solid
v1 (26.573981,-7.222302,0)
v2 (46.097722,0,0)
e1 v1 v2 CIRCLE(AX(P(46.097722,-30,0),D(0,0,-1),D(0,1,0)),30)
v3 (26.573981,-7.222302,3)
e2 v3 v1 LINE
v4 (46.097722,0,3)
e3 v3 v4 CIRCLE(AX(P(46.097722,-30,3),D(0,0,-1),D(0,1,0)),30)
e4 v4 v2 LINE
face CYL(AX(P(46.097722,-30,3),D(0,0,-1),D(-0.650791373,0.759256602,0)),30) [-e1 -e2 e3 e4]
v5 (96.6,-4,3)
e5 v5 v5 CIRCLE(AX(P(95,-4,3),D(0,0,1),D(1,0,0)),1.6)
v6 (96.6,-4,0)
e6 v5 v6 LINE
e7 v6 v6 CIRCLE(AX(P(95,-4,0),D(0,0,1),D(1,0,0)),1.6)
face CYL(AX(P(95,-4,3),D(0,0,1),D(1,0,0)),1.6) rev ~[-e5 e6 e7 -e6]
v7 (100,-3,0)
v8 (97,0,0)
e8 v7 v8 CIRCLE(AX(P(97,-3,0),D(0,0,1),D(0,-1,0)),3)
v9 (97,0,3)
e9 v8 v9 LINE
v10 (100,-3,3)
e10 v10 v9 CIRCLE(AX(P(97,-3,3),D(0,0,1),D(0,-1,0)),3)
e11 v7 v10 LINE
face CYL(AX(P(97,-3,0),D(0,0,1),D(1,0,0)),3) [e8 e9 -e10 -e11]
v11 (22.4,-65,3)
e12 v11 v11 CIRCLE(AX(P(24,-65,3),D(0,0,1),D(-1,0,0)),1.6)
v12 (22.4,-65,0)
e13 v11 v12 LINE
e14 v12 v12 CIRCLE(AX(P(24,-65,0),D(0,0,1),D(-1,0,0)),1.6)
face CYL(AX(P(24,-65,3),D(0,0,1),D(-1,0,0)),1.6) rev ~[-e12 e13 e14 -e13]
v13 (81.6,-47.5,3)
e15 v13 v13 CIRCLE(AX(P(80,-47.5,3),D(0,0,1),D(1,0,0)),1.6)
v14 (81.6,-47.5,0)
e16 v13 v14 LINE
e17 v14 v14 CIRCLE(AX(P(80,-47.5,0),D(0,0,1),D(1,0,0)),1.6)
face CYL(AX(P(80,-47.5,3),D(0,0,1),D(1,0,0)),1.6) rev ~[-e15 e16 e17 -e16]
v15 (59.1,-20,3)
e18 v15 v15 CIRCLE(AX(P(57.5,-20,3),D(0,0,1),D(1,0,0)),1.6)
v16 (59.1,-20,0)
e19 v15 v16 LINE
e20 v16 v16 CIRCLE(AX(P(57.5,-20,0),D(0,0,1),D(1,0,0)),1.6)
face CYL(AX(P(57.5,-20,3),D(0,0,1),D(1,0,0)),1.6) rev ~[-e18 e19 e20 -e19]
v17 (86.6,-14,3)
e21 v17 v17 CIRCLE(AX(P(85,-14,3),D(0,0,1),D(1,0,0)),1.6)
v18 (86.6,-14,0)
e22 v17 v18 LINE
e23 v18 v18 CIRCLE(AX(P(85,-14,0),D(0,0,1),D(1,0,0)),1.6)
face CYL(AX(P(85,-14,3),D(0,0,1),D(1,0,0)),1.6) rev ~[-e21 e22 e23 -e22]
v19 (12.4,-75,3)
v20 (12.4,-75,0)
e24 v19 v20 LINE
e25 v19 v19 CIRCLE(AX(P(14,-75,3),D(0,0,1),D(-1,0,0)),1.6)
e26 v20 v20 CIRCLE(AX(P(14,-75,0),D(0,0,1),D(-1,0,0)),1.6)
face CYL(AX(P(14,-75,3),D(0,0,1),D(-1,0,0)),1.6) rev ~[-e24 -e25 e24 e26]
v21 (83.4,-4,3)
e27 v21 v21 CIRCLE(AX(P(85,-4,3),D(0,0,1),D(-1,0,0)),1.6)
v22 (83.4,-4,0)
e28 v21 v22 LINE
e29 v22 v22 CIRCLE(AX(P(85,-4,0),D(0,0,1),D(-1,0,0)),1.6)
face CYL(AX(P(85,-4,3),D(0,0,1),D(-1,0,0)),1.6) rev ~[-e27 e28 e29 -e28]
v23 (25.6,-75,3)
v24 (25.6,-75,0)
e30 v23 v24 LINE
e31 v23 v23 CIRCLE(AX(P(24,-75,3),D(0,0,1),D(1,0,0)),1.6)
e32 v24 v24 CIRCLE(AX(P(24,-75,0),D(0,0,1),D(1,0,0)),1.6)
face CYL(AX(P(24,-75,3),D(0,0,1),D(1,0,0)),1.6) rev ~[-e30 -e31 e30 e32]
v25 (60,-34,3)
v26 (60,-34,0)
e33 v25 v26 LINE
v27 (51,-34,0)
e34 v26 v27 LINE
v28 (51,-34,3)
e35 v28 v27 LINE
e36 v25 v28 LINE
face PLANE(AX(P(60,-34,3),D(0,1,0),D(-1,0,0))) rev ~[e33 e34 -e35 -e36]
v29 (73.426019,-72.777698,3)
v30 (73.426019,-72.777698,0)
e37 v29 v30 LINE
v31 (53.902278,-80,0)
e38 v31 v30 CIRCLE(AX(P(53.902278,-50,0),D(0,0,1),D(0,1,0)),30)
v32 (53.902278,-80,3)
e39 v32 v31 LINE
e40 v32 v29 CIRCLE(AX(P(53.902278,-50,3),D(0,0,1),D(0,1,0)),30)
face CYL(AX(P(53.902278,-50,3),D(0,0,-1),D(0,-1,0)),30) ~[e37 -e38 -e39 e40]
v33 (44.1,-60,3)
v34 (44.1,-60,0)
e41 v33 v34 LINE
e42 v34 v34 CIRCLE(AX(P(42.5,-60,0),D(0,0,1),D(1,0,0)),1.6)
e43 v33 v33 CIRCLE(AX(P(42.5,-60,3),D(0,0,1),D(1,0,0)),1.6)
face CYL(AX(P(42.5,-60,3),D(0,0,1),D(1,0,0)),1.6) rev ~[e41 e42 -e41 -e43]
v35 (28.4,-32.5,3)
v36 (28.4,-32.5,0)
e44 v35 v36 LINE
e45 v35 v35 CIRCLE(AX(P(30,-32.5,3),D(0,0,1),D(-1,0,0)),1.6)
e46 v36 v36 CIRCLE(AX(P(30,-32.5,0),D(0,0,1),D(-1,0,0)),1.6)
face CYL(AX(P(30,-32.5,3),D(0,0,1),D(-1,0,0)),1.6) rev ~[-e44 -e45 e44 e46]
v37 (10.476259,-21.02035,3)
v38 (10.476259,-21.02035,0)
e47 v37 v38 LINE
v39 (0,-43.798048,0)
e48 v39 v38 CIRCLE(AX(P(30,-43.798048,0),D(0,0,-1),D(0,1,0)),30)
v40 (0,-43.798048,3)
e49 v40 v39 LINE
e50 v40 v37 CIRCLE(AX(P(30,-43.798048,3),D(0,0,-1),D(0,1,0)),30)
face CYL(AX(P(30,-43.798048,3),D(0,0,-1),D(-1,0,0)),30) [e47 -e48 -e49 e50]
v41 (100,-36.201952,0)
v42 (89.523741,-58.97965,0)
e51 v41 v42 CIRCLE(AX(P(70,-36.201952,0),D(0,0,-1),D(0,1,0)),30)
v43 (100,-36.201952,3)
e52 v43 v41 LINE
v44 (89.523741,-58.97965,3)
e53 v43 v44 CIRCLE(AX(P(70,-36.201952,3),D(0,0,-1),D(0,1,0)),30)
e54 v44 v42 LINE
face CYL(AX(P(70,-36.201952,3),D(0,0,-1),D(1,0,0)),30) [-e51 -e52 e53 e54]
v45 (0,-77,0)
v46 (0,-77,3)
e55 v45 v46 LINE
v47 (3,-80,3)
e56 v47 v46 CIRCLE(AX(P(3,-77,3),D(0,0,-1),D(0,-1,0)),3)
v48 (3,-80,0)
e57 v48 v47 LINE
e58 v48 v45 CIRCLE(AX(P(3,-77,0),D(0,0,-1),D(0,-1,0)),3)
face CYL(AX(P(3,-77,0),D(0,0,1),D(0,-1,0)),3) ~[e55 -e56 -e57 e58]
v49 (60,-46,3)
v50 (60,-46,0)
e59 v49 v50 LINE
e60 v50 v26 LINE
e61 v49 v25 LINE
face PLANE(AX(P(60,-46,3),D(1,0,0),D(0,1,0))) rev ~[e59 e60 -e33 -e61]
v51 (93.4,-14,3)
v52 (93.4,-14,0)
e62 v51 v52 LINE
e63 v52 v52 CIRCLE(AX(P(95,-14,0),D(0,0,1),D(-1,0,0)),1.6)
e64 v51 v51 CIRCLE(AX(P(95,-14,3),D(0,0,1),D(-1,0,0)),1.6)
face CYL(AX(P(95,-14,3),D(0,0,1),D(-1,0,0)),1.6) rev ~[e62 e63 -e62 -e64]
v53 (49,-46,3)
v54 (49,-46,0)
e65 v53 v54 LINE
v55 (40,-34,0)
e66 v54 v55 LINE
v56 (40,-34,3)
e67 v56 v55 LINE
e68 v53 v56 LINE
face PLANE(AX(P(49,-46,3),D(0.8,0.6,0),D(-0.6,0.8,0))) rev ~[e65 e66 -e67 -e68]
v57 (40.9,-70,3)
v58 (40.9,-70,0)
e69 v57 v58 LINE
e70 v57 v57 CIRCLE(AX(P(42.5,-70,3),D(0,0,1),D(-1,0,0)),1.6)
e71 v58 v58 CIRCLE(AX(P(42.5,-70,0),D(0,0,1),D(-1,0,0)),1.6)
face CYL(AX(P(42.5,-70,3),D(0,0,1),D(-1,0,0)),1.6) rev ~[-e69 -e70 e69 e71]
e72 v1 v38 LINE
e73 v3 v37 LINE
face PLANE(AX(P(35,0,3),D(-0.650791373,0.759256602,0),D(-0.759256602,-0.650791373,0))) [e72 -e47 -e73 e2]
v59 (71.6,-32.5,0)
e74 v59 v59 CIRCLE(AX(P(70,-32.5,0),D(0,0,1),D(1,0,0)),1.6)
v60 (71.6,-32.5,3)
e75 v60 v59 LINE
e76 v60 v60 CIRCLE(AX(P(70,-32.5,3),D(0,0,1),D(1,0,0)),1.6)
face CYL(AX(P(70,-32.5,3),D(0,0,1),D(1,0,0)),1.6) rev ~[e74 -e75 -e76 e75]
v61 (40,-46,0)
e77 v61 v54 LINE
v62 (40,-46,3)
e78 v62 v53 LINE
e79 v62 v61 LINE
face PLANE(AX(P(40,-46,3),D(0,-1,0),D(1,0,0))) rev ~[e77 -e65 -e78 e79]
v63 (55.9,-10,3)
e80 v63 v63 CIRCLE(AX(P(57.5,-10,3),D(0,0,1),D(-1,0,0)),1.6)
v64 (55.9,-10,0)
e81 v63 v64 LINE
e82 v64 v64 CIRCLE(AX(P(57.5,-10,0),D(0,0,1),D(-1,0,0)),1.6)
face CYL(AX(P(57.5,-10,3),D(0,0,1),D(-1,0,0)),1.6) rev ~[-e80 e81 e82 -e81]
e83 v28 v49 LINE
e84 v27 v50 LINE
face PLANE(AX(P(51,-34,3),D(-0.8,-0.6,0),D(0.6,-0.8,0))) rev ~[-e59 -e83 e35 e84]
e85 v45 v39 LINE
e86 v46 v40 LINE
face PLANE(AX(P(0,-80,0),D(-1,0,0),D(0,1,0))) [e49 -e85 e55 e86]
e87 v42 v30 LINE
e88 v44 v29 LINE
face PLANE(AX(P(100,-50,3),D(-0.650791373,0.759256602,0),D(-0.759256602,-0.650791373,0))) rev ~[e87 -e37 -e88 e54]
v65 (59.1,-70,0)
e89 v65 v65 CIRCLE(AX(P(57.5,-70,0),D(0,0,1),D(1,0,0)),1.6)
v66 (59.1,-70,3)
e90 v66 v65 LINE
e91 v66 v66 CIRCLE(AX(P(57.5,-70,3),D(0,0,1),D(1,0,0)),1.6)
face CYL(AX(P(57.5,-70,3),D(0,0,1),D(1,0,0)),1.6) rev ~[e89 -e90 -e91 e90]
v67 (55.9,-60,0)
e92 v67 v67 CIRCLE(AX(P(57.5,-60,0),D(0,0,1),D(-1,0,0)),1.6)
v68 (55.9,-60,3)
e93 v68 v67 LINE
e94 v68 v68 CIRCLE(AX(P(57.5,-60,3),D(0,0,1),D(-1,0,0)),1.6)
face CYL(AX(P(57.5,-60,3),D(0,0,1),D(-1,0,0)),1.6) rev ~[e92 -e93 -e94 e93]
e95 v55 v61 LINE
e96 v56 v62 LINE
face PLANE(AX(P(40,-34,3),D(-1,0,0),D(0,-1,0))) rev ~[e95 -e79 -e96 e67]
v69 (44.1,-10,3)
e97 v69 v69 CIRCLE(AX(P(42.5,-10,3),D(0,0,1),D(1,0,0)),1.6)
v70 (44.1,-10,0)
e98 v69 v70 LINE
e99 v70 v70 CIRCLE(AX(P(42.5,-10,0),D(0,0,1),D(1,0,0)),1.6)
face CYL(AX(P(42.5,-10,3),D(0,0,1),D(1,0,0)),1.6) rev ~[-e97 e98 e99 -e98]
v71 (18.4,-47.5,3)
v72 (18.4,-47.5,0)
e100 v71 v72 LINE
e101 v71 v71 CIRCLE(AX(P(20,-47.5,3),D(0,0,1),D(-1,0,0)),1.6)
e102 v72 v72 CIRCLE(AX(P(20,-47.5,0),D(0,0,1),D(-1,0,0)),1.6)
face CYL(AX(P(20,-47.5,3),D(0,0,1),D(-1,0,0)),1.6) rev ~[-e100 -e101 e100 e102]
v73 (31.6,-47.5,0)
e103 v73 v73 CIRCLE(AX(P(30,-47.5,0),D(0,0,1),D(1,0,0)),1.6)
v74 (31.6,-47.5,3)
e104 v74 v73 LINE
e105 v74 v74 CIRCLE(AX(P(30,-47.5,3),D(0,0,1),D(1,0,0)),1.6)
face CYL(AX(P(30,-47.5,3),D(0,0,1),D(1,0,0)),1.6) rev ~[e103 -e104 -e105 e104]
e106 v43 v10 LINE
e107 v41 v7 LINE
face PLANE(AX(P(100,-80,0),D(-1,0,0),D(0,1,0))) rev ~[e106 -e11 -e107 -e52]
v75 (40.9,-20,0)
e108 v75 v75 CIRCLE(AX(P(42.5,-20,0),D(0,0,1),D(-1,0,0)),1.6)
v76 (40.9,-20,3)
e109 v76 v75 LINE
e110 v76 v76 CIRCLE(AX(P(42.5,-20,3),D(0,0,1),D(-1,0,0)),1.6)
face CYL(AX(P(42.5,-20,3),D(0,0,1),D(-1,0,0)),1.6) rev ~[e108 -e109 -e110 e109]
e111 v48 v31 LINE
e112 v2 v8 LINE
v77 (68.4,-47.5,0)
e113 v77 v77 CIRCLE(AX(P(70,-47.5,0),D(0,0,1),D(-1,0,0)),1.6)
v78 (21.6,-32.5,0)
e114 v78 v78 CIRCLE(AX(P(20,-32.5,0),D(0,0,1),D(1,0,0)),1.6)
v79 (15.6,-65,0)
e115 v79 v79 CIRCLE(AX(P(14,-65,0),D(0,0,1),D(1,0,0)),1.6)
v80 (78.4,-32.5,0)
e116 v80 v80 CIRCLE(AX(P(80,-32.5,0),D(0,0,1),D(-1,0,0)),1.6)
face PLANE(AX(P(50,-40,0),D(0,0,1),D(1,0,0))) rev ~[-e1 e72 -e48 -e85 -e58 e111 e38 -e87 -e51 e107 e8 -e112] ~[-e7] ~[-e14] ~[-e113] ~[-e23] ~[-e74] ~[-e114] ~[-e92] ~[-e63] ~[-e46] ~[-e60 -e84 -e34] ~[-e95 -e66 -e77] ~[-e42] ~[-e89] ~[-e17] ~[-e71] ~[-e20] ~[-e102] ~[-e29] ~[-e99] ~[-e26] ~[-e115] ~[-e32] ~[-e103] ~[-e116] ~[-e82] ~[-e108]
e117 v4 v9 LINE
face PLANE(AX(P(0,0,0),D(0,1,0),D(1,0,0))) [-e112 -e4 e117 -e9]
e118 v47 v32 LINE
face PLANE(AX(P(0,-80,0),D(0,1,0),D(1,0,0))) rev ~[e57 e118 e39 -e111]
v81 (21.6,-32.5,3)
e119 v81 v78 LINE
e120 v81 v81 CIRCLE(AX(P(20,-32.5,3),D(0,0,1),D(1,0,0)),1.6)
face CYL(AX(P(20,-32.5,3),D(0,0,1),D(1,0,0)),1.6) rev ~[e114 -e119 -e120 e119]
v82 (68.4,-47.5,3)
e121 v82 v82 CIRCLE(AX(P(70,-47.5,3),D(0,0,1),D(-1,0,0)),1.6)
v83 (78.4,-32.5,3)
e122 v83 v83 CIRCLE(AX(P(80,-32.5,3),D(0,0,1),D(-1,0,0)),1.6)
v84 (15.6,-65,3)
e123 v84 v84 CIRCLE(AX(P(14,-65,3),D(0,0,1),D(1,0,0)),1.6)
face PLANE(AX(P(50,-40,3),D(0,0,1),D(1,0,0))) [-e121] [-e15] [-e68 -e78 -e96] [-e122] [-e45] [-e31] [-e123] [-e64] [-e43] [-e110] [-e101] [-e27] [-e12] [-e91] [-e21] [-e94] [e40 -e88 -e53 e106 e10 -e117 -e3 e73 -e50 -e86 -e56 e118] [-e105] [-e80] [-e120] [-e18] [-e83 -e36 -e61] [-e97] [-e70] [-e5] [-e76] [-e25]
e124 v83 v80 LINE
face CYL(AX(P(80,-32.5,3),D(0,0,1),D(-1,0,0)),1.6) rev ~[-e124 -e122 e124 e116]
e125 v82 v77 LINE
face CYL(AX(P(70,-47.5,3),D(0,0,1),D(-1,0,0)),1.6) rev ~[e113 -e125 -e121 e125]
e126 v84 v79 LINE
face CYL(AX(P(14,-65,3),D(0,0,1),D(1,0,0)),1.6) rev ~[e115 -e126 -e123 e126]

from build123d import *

# Parameters (mm, degrees)
SKETCH_1_W          = 100
SKETCH_1_H          = 80
EXTRUDE_1_DEPTH     = 3
SKETCH_2_R          = 1.6
CUT_EXTRUDE_1_DEPTH = 129.097619025
FILLET_1_R          = 30
FILLET_2_R          = 30
FILLET_3_R          = 3


with BuildPart() as part:
    # 草图1 → 凸台-拉伸1 (new body)
    with BuildSketch(Plane.XY):
        with Locations((50, -40)):
            Rectangle(SKETCH_1_W, SKETCH_1_H)
    extrude(amount=EXTRUDE_1_DEPTH)

    # 草图2 → 切除-拉伸1 (cut, through all)
    with BuildSketch(Plane.XY.offset(3)):
        with Locations((42.5, -10)):
            Circle(SKETCH_2_R)
        with Locations(Location((57.5, -10, 0), (0, 0, 180))):
            Circle(SKETCH_2_R)
        with Locations((57.5, -20)):
            Circle(SKETCH_2_R)
        with Locations(Location((42.5, -20, 0), (0, 0, 180))):
            Circle(SKETCH_2_R)
        with Locations((42.5, -60)):
            Circle(SKETCH_2_R)
        with Locations(Location((57.5, -60, 0), (0, 0, 180))):
            Circle(SKETCH_2_R)
        with Locations((57.5, -70)):
            Circle(SKETCH_2_R)
        with Locations(Location((42.5, -70, 0), (0, 0, 180))):
            Circle(SKETCH_2_R)
        with Locations((20, -32.5)):
            Circle(SKETCH_2_R)
        with Locations(Location((30, -32.5, 0), (0, 0, 180))):
            Circle(SKETCH_2_R)
        with Locations((30, -47.5)):
            Circle(SKETCH_2_R)
        with Locations(Location((20, -47.5, 0), (0, 0, 180))):
            Circle(SKETCH_2_R)
        with Locations((80, -47.5)):
            Circle(SKETCH_2_R)
        with Locations(Location((70, -47.5, 0), (0, 0, 180))):
            Circle(SKETCH_2_R)
        with Locations((70, -32.5)):
            Circle(SKETCH_2_R)
        with Locations(Location((80, -32.5, 0), (0, 0, 180))):
            Circle(SKETCH_2_R)
        with Locations((14, -65)):
            Circle(SKETCH_2_R)
        with Locations(Location((24, -65, 0), (0, 0, 180))):
            Circle(SKETCH_2_R)
        with Locations((24, -75)):
            Circle(SKETCH_2_R)
        with Locations(Location((14, -75, 0), (0, 0, 180))):
            Circle(SKETCH_2_R)
        with Locations((95, -4)):
            Circle(SKETCH_2_R)
        with Locations(Location((85, -4, 0), (0, 0, 180))):
            Circle(SKETCH_2_R)
        with Locations(Location((95, -14, 0), (0, 0, 180))):
            Circle(SKETCH_2_R)
        with Locations((85, -14)):
            Circle(SKETCH_2_R)
        Polygon((35, 0), (0, -30), (0, 0), align=None)
        Polygon((100, -80), (100, -50), (65, -80), align=None)
        Polygon((40, -34), (40, -46), (49, -46), align=None)
        Polygon((51, -34), (60, -46), (60, -34), align=None)
    extrude(amount=-CUT_EXTRUDE_1_DEPTH, mode=Mode.SUBTRACT)

    # 圆角1
    fillet_1_edges = [part.edges().sort_by_distance(p)[0] for p in [
        (0, -30, 1.5),
        (100, -50, 1.5),
    ]]
    fillet(fillet_1_edges, radius=FILLET_1_R)

    # 圆角2
    fillet_2_edges = [part.edges().sort_by_distance(p)[0] for p in [
        (35, 0, 1.5),
        (65, -80, 1.5),
    ]]
    fillet(fillet_2_edges, radius=FILLET_2_R)

    # 圆角3
    fillet_3_edges = [part.edges().sort_by_distance(p)[0] for p in [
        (100, 0, 1.5),
        (0, -80, 1.5),
    ]]
    fillet(fillet_3_edges, radius=FILLET_3_R)


solid = part.part
